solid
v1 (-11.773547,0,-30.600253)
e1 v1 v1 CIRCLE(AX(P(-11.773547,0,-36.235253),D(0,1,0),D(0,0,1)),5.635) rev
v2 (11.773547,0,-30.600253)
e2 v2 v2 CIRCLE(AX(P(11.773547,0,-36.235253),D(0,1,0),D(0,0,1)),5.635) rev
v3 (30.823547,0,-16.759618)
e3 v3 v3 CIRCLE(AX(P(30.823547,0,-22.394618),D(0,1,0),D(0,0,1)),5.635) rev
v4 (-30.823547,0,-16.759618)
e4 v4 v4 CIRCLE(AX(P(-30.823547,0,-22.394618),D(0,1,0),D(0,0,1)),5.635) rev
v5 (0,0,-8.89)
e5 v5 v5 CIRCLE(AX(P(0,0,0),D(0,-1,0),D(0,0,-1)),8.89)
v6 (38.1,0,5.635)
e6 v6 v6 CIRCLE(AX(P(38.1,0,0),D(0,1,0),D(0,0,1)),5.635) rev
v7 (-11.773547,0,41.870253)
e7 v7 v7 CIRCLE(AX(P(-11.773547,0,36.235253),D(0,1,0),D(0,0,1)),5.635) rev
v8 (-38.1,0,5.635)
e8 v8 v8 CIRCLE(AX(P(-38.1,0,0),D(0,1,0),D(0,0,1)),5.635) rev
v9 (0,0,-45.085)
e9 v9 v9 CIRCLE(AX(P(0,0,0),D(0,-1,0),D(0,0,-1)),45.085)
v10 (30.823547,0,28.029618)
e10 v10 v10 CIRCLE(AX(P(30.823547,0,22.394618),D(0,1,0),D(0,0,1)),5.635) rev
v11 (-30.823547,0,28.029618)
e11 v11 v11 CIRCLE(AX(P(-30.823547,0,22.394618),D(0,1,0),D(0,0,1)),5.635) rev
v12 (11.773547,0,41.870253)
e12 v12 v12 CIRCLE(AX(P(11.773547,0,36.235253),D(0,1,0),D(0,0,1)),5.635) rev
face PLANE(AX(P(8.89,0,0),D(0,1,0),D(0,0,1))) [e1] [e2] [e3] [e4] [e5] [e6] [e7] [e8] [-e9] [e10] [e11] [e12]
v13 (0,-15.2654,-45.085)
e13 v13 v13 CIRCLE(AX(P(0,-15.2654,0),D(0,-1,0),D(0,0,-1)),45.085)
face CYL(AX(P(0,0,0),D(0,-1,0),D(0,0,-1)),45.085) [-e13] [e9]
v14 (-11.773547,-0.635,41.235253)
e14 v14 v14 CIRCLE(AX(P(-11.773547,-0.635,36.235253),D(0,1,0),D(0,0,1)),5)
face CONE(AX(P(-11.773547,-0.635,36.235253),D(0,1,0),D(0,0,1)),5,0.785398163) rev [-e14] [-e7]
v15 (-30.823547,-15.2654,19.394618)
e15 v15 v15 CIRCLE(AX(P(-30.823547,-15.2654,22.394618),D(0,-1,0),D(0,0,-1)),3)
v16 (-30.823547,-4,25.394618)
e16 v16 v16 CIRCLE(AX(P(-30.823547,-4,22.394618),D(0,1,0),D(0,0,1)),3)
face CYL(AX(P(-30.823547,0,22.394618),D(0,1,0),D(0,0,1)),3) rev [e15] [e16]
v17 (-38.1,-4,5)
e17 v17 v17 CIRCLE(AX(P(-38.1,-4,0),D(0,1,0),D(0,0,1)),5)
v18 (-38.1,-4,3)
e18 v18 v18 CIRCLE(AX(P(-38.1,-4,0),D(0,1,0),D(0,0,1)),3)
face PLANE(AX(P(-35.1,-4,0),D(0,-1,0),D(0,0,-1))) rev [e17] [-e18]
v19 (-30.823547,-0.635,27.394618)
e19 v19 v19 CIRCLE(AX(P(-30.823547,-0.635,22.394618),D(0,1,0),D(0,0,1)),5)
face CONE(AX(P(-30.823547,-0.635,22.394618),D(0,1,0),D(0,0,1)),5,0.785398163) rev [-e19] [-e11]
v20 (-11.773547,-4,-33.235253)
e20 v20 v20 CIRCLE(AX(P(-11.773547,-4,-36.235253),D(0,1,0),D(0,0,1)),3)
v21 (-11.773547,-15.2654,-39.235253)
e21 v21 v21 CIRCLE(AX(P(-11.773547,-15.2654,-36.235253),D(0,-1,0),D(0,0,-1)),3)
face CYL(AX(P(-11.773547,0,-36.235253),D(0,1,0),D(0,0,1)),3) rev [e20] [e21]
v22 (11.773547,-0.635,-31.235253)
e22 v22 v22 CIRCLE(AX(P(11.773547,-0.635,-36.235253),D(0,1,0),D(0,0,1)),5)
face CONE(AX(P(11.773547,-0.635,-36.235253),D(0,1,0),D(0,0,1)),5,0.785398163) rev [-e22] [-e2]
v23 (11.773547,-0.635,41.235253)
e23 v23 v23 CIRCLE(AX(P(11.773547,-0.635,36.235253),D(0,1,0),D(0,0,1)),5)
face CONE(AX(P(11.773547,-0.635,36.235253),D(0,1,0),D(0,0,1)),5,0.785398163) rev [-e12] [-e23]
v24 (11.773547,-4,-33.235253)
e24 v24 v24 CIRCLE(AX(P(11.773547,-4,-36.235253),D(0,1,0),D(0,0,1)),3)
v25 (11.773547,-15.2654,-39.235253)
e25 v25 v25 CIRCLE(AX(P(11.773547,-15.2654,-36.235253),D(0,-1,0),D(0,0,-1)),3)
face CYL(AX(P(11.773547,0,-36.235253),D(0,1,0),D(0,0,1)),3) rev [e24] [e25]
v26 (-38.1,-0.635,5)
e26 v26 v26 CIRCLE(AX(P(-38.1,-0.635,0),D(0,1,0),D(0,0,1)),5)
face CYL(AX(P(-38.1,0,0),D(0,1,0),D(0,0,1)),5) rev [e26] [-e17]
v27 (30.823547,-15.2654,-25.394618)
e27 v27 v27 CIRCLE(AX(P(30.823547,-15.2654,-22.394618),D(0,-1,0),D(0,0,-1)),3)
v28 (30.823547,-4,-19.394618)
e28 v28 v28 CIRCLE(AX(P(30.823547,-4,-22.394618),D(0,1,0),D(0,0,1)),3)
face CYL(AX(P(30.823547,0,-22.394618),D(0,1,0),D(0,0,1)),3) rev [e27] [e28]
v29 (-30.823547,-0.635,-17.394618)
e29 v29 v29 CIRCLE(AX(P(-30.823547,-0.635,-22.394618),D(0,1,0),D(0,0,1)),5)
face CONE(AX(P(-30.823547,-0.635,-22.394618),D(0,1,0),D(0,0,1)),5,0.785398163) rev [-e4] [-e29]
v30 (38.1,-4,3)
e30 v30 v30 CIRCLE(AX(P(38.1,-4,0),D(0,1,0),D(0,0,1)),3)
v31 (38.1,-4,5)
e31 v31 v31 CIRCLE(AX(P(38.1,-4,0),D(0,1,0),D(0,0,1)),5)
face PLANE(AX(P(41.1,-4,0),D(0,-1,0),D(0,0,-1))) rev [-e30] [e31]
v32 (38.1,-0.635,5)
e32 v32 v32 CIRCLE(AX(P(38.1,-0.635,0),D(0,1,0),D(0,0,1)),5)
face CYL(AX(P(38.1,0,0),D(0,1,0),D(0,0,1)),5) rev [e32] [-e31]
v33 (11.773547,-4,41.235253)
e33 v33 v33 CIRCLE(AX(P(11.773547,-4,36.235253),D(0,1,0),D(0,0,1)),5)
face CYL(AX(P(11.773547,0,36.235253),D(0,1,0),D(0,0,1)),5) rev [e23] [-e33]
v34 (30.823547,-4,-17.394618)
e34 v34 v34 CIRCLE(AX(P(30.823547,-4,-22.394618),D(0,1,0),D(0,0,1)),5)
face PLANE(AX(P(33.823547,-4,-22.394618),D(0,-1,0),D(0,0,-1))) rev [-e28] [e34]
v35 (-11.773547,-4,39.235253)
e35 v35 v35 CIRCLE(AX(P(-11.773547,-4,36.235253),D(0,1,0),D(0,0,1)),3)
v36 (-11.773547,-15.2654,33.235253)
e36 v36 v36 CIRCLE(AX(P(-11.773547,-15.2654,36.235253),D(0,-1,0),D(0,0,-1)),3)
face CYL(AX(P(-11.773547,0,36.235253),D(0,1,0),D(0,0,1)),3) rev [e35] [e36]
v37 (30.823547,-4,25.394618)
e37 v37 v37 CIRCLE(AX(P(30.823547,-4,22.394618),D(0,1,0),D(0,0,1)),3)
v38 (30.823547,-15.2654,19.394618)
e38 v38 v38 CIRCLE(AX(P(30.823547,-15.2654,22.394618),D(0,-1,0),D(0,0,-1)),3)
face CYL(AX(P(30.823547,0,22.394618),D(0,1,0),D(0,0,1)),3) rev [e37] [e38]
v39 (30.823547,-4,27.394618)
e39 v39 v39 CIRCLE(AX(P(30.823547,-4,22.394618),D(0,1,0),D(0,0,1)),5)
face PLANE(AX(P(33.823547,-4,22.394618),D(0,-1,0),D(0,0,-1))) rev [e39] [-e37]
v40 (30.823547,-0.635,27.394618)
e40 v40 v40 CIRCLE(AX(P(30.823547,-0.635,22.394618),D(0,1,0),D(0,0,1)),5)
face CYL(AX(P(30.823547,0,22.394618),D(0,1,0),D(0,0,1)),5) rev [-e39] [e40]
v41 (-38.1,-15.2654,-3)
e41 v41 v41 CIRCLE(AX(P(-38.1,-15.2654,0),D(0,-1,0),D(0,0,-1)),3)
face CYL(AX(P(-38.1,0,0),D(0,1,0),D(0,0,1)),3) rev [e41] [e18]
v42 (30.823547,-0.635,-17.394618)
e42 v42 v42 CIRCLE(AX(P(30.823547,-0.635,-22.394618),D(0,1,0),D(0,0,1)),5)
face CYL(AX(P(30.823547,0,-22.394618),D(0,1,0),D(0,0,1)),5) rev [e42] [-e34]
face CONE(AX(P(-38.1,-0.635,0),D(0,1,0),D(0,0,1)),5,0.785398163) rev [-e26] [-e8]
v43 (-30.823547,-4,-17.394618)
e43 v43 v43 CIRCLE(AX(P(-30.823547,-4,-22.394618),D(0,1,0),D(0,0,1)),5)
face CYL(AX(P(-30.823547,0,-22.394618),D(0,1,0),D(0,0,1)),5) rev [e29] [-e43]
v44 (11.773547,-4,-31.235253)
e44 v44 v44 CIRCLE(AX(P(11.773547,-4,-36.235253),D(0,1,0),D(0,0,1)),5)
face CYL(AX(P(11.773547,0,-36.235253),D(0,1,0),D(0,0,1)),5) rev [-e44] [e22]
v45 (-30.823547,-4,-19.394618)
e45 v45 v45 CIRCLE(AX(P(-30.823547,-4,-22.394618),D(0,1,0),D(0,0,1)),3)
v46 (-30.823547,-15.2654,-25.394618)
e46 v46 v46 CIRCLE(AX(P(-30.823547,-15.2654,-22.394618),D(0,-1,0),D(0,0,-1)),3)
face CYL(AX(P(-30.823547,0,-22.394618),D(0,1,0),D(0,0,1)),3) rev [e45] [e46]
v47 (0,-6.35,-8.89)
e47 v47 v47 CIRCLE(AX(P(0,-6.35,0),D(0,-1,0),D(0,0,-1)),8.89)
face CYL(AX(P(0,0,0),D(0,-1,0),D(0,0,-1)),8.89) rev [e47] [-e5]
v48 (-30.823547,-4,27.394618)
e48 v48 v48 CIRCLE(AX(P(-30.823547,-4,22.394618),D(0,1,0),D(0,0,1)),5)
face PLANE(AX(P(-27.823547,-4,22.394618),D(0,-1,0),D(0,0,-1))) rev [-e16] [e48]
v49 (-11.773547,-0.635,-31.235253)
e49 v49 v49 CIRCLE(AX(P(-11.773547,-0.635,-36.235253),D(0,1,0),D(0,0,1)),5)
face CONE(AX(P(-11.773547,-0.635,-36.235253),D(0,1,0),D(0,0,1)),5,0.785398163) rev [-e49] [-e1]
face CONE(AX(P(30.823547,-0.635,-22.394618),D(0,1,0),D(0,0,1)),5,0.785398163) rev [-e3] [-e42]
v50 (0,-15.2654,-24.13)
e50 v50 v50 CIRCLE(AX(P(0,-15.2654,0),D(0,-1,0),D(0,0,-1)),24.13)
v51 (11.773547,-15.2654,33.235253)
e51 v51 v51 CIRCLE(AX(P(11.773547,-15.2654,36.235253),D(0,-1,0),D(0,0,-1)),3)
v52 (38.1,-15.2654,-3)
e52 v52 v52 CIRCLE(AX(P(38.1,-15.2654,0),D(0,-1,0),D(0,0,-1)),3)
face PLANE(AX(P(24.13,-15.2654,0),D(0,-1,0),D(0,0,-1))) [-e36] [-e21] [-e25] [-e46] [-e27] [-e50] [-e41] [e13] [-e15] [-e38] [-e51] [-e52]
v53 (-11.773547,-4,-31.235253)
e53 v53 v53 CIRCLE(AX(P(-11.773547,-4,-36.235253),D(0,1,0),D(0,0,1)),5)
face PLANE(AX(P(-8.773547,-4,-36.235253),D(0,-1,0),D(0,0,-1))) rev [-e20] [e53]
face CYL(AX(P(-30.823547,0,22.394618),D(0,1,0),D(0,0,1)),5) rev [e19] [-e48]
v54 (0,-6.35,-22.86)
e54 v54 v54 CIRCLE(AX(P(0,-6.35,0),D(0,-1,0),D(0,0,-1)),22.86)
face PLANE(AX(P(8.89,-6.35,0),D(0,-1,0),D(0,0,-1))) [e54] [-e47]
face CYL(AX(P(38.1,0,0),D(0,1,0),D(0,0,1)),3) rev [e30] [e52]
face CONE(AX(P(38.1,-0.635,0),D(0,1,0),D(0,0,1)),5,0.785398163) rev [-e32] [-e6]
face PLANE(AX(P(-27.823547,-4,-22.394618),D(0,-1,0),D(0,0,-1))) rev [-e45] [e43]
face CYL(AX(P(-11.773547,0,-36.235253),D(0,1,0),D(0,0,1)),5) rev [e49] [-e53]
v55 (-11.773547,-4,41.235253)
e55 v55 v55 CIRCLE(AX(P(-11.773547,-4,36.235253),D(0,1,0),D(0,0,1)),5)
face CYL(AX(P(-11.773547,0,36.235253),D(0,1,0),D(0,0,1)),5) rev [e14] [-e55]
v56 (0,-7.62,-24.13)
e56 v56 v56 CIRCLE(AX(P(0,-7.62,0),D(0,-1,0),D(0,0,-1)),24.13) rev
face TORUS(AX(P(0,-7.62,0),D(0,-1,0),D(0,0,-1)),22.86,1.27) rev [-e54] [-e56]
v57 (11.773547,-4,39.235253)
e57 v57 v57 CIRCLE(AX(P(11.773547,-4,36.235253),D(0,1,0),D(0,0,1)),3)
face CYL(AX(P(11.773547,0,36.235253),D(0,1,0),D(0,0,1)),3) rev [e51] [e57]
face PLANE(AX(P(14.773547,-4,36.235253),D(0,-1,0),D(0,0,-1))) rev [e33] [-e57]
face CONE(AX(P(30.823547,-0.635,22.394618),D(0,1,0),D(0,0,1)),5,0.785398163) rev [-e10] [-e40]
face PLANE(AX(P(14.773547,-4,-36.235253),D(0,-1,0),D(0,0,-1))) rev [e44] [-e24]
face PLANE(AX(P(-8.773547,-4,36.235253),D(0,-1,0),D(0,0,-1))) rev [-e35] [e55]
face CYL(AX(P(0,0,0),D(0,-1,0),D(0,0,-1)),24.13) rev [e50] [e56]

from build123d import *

# Parameters (mm, degrees)
HOLE1_D                      = 6
HOLE1_DEPTH                  = 15.2664
HOLE1_CBORE_D                = 10
HOLE1_CBORE_DEPTH            = 4
CHAMFER1_SIZE                = 0.635
CIRPATTERN1_COUNT            = 10
CHAMFER1_OF_CIRPATTERN1_SIZE = 0.635
FILLET1_R                    = 1.27


with BuildPart() as part:
    # Sketch1 → Revolve1 (revolve)
    with BuildSketch(Plane.XY):
        Polygon((8.89, 0), (45.085, 0), (45.085, -15.2654), (24.13, -15.2654), (24.13, -6.35), (8.89, -6.35), align=None)
    revolve(axis=Axis((0, 0, 0), (0, 1, 0)))

    # Hole1
    with Locations(Plane(origin=(0, 0, 0), x_dir=(1, 0, 0), z_dir=(0, 1, 0))):
        with Locations((38.1, 0)):
            hole1 = CounterBoreHole(HOLE1_D / 2, HOLE1_CBORE_D / 2, HOLE1_CBORE_DEPTH, depth=HOLE1_DEPTH)

    # Chamfer1
    chamfer1_edges = [part.edges().sort_by_distance(p)[0] for p in [
        (33.1, 0, 0),
    ]]
    chamfer(chamfer1_edges, length=CHAMFER1_SIZE)

    # CirPattern1: Hole1 ×10 about axis
    cirpattern1_axis = Axis((0, 0, 0), (0, 1, 0))
    for i in range(1, CIRPATTERN1_COUNT):
        add(hole1.rotate(cirpattern1_axis, i * 360 / CIRPATTERN1_COUNT), mode=Mode.SUBTRACT)

    # Chamfer1 of CirPattern1
    chamfer1_of_cirpattern1_edges = [part.edges().sort_by_distance(p)[0] for p in [
        (26.778462514, 0, -19.455691851),
        (10.228462514, 0, -31.479970689),
        (-10.228462514, 0, -31.479970689),
        (-26.778462514, 0, -19.455691851),
        (-33.1, 0, 0),
        (-26.778462514, 0, 19.455691851),
        (-10.228462514, 0, 31.479970689),
        (10.228462514, 0, 31.479970689),
        (26.778462514, 0, 19.455691851),
    ]]
    chamfer(chamfer1_of_cirpattern1_edges, length=CHAMFER1_OF_CIRPATTERN1_SIZE)

    # Fillet1
    fillet1_edges = [part.edges().sort_by_distance(p)[0] for p in [
        (-24.13, -6.35, 0),
    ]]
    fillet(fillet1_edges, radius=FILLET1_R)


solid = part.part
